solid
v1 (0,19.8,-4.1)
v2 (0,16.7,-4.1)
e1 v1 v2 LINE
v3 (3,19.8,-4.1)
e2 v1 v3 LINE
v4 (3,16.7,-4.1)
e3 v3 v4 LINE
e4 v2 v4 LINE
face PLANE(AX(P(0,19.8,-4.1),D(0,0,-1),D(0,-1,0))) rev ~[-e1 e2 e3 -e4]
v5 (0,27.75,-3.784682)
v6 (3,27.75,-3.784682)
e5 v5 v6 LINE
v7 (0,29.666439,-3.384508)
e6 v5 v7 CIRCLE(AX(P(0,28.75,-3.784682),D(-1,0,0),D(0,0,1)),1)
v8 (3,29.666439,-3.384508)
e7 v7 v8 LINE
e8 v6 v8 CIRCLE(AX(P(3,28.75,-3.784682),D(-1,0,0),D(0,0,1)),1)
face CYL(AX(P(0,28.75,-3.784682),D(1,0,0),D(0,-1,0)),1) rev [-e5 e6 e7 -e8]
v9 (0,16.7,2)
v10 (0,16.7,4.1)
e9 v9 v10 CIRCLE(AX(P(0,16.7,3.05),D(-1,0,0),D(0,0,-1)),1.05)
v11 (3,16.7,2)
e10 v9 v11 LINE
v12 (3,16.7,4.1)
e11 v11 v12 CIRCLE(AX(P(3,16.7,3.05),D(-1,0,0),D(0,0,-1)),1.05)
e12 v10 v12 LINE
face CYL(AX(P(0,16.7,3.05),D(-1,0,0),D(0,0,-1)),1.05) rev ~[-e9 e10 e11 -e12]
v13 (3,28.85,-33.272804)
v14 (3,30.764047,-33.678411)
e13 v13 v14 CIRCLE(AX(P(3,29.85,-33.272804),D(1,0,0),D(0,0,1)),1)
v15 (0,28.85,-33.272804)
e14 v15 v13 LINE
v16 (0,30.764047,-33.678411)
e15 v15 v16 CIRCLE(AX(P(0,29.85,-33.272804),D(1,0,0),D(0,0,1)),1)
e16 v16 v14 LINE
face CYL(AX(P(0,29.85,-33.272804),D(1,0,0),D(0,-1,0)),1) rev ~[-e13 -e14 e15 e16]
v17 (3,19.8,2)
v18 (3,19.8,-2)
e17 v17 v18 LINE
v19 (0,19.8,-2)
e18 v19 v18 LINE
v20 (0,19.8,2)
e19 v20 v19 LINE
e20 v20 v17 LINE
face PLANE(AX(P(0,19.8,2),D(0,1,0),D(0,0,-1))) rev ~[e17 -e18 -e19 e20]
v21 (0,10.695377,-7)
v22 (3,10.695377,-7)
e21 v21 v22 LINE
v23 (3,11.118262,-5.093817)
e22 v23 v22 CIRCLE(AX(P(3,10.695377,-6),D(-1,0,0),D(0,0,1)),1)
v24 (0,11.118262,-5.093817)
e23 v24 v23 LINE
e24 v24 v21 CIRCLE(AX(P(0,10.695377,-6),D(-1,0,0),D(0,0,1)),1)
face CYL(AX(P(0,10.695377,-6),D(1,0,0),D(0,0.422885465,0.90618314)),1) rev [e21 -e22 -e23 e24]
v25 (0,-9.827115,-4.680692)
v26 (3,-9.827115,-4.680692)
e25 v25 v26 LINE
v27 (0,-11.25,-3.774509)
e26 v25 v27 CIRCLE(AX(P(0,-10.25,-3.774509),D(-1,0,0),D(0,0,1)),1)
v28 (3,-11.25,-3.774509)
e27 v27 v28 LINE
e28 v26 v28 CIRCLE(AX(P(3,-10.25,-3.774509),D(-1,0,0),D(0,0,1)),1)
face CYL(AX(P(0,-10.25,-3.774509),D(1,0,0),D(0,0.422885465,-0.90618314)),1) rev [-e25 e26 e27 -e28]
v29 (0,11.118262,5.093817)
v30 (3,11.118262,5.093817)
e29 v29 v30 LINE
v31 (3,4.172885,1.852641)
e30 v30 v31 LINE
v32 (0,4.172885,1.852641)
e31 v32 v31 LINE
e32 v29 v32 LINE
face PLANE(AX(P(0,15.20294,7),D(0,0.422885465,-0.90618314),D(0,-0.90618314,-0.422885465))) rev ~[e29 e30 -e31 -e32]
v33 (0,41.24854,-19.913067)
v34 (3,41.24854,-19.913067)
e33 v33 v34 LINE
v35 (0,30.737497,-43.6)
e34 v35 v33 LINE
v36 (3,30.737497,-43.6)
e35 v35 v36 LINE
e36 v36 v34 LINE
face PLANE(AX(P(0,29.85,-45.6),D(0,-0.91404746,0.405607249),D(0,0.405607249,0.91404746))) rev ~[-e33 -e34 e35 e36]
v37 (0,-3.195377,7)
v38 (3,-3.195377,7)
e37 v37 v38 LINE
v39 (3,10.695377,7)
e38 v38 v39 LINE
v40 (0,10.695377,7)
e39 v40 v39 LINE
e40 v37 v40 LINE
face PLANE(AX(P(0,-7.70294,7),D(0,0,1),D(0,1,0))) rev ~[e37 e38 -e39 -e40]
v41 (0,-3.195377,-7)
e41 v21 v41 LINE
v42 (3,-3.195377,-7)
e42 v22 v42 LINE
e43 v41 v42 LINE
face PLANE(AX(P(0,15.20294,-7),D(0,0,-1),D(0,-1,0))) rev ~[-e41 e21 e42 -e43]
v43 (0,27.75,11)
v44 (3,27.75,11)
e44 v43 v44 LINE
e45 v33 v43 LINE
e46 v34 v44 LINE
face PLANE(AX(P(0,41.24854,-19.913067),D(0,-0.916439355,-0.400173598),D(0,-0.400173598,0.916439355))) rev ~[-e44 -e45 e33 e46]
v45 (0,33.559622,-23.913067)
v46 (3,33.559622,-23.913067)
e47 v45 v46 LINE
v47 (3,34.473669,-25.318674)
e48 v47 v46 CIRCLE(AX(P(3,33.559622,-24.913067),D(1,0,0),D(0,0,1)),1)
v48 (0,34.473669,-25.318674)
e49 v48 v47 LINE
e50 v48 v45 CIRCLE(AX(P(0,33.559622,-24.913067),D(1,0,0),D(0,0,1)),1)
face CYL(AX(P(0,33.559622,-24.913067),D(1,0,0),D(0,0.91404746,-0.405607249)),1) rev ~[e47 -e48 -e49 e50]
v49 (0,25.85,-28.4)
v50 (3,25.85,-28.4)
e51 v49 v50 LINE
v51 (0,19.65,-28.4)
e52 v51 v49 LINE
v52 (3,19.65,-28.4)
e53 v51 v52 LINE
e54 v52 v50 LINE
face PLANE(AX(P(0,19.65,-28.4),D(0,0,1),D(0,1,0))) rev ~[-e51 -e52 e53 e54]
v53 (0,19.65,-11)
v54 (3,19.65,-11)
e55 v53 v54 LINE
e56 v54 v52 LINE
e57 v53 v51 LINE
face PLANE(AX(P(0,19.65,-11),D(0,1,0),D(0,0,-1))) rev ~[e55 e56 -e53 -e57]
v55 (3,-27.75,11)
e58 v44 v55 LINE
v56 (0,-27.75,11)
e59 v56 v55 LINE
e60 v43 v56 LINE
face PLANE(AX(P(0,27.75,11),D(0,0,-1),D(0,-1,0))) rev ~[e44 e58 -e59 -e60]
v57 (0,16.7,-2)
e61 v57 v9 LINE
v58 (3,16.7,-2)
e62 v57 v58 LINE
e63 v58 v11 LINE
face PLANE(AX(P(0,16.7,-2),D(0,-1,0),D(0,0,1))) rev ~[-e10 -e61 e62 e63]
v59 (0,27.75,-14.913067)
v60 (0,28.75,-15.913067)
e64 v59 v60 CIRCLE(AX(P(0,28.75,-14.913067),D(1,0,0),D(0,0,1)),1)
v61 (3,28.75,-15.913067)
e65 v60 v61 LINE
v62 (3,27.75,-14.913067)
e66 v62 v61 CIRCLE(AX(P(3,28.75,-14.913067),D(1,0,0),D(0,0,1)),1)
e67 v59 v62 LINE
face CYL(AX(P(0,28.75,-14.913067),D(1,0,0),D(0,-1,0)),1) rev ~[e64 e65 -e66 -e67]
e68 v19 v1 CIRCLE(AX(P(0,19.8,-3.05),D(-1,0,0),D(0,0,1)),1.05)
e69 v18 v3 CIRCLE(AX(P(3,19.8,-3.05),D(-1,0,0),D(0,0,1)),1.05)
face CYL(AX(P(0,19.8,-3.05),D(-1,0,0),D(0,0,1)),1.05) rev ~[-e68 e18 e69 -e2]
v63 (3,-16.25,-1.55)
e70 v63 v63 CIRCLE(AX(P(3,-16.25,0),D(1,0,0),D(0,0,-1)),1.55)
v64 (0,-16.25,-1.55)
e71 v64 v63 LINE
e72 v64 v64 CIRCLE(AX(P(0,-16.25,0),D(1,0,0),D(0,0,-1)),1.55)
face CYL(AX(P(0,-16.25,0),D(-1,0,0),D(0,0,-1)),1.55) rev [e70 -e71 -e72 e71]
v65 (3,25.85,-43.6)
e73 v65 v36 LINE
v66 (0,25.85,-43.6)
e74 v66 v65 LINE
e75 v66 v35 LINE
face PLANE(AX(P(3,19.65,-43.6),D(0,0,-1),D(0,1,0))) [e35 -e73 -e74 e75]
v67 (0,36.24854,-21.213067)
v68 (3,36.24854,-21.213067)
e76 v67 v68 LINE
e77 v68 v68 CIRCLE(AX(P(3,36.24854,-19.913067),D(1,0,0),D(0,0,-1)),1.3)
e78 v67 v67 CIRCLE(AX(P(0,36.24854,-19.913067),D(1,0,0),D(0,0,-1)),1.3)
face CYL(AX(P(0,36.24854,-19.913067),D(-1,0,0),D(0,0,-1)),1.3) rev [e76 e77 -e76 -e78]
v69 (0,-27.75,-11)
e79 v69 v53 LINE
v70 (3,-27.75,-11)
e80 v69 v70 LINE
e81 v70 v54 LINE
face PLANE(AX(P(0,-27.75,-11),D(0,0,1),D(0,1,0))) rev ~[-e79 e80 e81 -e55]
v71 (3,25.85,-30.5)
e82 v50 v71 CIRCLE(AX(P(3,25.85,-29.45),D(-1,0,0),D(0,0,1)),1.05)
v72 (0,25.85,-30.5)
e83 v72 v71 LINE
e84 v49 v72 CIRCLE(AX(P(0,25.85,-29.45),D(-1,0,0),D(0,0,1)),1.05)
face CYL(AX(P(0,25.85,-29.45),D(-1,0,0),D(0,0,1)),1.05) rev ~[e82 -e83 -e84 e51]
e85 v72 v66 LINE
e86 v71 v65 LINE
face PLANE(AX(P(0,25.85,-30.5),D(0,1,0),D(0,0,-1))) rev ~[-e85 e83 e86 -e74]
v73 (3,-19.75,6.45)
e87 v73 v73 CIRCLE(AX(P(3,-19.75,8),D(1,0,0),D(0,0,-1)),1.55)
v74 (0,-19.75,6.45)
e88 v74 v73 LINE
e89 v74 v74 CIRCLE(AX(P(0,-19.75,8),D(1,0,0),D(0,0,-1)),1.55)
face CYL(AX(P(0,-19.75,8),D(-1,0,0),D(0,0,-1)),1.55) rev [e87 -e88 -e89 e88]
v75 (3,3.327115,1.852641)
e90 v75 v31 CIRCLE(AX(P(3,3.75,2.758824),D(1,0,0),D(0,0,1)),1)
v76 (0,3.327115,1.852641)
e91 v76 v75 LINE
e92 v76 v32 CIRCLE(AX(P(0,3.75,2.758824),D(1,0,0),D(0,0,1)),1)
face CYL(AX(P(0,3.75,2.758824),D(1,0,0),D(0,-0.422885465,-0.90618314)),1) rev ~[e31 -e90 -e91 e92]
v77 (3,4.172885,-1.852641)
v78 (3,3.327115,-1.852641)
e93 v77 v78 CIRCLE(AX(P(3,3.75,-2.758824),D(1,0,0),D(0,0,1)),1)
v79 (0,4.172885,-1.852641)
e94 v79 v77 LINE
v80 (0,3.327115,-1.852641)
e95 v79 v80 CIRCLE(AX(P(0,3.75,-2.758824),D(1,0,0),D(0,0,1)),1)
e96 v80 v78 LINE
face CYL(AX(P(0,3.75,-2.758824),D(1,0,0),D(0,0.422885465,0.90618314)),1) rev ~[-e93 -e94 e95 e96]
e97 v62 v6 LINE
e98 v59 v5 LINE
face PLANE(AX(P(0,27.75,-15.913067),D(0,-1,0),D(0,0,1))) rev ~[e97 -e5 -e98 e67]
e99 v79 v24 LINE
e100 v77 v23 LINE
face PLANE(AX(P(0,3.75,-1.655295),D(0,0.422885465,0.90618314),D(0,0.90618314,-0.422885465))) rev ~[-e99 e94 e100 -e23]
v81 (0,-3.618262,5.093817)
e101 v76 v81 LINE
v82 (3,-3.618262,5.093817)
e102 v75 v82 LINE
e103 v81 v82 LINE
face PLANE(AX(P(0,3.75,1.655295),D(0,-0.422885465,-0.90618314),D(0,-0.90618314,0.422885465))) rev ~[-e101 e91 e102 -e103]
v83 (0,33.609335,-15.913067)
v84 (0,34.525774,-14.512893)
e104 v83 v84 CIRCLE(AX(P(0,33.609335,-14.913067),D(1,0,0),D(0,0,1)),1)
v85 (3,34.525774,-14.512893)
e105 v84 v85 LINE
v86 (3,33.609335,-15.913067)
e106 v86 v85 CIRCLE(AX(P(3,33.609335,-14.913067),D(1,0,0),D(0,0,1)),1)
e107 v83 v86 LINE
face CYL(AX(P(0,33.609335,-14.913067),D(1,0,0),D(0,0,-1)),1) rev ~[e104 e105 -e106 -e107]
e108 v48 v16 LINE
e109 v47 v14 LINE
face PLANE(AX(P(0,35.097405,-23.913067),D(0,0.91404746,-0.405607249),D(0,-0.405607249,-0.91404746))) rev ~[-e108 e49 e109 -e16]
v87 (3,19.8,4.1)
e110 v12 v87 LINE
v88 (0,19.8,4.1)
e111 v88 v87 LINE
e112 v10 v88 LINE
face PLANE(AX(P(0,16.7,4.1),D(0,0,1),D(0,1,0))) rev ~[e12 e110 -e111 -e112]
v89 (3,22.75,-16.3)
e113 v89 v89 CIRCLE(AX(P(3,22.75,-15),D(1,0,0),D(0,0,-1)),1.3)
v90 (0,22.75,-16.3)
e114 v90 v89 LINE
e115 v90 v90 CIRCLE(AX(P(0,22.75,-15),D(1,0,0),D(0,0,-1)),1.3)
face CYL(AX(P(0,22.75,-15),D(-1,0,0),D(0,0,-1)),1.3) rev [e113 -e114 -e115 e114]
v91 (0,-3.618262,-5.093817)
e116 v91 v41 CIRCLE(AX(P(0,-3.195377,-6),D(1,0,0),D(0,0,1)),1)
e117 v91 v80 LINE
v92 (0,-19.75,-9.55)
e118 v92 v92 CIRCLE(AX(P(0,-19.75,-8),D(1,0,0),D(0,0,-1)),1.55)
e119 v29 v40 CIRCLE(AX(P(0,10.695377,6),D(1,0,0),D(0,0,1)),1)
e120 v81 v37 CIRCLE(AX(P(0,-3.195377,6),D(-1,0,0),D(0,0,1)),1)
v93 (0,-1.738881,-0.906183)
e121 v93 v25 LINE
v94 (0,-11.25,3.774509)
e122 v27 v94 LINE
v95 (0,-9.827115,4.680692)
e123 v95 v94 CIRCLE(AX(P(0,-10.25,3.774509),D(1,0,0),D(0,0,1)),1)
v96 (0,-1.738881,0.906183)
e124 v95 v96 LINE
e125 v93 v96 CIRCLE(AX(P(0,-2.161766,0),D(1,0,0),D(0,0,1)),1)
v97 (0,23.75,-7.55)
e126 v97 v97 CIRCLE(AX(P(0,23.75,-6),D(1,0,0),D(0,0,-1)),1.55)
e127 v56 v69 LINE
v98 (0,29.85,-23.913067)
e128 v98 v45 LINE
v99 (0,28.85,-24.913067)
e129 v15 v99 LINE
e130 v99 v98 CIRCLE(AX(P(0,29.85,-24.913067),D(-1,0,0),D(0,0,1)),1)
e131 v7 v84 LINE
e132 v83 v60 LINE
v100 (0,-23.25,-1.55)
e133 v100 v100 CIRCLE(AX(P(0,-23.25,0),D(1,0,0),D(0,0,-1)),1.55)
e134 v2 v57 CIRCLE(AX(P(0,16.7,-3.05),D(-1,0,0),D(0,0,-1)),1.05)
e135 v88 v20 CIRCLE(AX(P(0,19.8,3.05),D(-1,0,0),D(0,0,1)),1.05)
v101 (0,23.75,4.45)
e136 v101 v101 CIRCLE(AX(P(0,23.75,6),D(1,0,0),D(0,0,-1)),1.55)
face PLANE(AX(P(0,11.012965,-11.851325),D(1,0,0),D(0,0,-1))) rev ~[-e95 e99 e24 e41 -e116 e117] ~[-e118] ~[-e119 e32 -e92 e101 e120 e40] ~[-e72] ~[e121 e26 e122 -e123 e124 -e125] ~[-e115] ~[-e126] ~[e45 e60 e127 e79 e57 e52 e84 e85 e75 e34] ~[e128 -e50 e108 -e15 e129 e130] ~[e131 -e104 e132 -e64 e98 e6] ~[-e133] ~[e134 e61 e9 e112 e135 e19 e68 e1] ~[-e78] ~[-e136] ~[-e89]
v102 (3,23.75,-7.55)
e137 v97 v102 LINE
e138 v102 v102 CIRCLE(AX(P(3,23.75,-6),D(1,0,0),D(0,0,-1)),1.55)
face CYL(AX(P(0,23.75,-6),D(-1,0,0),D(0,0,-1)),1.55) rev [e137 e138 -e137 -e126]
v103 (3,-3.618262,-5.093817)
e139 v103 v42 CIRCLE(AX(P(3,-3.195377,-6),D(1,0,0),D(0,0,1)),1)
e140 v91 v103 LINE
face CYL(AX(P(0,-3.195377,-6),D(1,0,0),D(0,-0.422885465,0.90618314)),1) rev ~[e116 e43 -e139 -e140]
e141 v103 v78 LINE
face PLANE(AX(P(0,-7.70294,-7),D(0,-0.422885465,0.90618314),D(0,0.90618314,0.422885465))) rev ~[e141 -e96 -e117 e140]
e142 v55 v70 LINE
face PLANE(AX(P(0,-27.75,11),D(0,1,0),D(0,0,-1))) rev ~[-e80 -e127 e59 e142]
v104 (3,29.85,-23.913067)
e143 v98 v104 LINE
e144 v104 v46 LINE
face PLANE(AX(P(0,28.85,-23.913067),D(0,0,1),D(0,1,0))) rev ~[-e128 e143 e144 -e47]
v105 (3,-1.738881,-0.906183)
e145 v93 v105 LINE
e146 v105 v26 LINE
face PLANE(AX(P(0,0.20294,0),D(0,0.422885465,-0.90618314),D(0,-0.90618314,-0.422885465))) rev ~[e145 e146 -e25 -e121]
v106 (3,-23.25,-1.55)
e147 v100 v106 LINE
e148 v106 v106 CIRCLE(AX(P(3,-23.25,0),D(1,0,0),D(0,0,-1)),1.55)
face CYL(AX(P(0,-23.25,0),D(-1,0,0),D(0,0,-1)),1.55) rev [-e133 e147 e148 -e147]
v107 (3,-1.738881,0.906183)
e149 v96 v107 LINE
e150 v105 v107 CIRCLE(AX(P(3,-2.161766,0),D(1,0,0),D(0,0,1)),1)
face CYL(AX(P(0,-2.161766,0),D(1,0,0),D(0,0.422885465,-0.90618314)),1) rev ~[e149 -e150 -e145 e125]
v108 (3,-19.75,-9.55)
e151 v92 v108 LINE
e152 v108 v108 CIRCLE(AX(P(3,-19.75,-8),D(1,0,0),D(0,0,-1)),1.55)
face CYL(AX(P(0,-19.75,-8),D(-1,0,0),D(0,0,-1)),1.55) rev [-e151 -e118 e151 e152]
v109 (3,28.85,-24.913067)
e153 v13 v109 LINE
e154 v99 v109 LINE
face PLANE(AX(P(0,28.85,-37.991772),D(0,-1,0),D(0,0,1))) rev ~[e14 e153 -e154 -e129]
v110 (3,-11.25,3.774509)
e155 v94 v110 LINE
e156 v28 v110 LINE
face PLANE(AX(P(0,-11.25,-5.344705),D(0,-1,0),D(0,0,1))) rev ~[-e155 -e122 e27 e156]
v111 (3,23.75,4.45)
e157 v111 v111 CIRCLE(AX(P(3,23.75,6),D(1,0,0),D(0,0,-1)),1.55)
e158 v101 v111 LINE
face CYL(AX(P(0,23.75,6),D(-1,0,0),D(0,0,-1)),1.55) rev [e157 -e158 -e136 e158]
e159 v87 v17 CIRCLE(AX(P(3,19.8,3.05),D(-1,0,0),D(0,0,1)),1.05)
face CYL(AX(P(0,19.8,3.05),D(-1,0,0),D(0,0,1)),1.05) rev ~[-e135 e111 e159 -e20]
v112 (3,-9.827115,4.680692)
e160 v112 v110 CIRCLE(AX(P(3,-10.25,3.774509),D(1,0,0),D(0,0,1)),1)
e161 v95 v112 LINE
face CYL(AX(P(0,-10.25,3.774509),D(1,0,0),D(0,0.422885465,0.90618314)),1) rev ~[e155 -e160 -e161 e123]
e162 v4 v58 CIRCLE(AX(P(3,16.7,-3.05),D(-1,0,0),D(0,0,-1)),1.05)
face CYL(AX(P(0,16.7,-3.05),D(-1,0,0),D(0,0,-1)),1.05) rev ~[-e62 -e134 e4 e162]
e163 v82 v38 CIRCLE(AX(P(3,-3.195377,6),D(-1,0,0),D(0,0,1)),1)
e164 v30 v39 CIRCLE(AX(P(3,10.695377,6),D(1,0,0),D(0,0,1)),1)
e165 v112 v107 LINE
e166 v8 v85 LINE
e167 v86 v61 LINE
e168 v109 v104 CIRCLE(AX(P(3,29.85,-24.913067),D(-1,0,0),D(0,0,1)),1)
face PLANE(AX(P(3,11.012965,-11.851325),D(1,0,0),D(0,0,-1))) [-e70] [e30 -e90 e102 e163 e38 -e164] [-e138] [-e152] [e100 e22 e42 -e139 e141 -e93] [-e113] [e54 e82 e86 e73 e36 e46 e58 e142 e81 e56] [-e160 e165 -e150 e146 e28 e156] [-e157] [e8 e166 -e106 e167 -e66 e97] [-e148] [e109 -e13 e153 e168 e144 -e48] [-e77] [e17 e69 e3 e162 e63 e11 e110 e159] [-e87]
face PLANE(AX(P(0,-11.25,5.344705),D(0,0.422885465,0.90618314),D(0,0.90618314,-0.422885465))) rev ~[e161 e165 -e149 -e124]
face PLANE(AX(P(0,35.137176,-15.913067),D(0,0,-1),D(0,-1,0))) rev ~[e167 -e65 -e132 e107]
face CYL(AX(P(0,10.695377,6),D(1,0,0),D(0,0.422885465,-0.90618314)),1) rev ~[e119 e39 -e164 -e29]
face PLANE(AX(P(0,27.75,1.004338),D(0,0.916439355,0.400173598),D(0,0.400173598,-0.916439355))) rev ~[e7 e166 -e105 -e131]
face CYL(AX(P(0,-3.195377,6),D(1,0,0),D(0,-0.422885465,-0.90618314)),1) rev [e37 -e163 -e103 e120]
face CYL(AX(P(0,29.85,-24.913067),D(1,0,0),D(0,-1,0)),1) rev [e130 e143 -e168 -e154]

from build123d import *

# Parameters (mm, degrees)
SKETCH_1_R          = 1.55
SKETCH_1_R_2        = 1.3
EXTRUDE_1_DEPTH     = 3
FILLET_1_R          = 1
SKETCH_2_W          = 7.568949752
SKETCH_2_H          = 24.928305666
CUT_EXTRUDE_1_DEPTH = 10


with BuildPart() as part:
    # 草图1 → 凸台-拉伸1 (new body)
    with BuildSketch(Plane(origin=(0, 0, 0), x_dir=(0, 0, -1), z_dir=(1, 0, 0))):
        with BuildLine():
            Line((-11, -27.75), (11, -27.75))
            Line((11, -27.75), (11, 19.65))
            Line((11, 19.65), (28.4, 19.65))
            Line((28.4, 19.65), (28.4, 25.85))
            ThreePointArc((28.4, 25.85), (29.45, 26.9), (30.5, 25.85))
            Line((30.5, 25.85), (43.6, 25.85))
            Line((43.6, 25.85), (43.6, 19.65))
            Line((43.6, 19.65), (45.6, 19.65))
            Line((45.6, 19.65), (45.6, 29.85))
            Line((45.6, 29.85), (19.913066695, 41.248539803))
            Line((19.913066695, 41.248539803), (-11, 27.75))
            Line((-11, 27.75), (-11, -27.75))
        make_face()
        with Locations((-8, -19.75)):
            Circle(SKETCH_1_R, mode=Mode.SUBTRACT)
        with Locations((0, -23.25)):
            Circle(SKETCH_1_R, mode=Mode.SUBTRACT)
        with Locations((0, -16.25)):
            Circle(SKETCH_1_R, mode=Mode.SUBTRACT)
        with Locations((8, -19.75)):
            Circle(SKETCH_1_R, mode=Mode.SUBTRACT)
        Polygon((5.344705464, -11.25), (-5.344705464, -11.25), (0, 0.202940281), align=None, mode=Mode.SUBTRACT)
        Polygon((-7, -7.702940281), (-7, 15.202940281), (-1.655294536, 3.75), align=None, mode=Mode.SUBTRACT)
        Polygon((7, 15.202940281), (7, -7.702940281), (1.655294536, 3.75), align=None, mode=Mode.SUBTRACT)
        with Locations((-6, 23.75)):
            Circle(SKETCH_1_R, mode=Mode.SUBTRACT)
        with BuildLine():
            Line((2, 16.7), (-2, 16.7))
            ThreePointArc((-2, 16.7), (-3.05, 15.65), (-4.1, 16.7))
            Line((-4.1, 16.7), (-4.1, 19.8))
            ThreePointArc((-4.1, 19.8), (-3.05, 20.85), (-2, 19.8))
            Line((-2, 19.8), (2, 19.8))
            ThreePointArc((2, 19.8), (3.05, 20.85), (4.1, 19.8))
            Line((4.1, 19.8), (4.1, 16.7))
            ThreePointArc((4.1, 16.7), (3.05, 15.65), (2, 16.7))
        make_face(mode=Mode.SUBTRACT)
        with Locations((6, 23.75)):
            Circle(SKETCH_1_R, mode=Mode.SUBTRACT)
        with Locations((15, 22.75)):
            Circle(SKETCH_1_R_2, mode=Mode.SUBTRACT)
        Polygon((11, 27.75), (-1.004338059, 27.75), (15.913066695, 35.137175905), (15.913066695, 27.75), align=None, mode=Mode.SUBTRACT)
        Polygon((23.913066695, 28.85), (23.913066695, 35.097405162), (37.991771729, 28.85), align=None, mode=Mode.SUBTRACT)
        with Locations((19.913066695, 36.248539803)):
            Circle(SKETCH_1_R_2, mode=Mode.SUBTRACT)
    extrude(amount=EXTRUDE_1_DEPTH)

    # 圆角1
    fillet_1_edges = [part.edges().sort_by_distance(p)[0] for p in [
        (1.5, 35.097405162, -23.913066695),
        (1.5, 28.85, -23.913066695),
        (1.5, 28.85, -37.991771729),
        (1.5, 35.137175905, -15.913066695),
        (1.5, 27.75, 1.004338059),
        (1.5, 27.75, -15.913066695),
        (1.5, 15.202940281, 7),
        (1.5, -7.702940281, 7),
        (1.5, 3.75, 1.655294536),
        (1.5, -7.702940281, -7),
        (1.5, 15.202940281, -7),
        (1.5, 3.75, -1.655294536),
        (1.5, -11.25, 5.344705464),
        (1.5, -11.25, -5.344705464),
        (1.5, 0.202940281, 0),
    ]]
    fillet(fillet_1_edges, radius=FILLET_1_R)

    # 草图2 → 切除-拉伸1 (cut)
    with BuildSketch(Plane(origin=(3, 0, 0), x_dir=(0, 0, -1), z_dir=(1, 0, 0))):
        with Locations((47.384474876, 32.114152833)):
            Rectangle(SKETCH_2_W, SKETCH_2_H)
    extrude(amount=-CUT_EXTRUDE_1_DEPTH, mode=Mode.SUBTRACT)


solid = part.part
